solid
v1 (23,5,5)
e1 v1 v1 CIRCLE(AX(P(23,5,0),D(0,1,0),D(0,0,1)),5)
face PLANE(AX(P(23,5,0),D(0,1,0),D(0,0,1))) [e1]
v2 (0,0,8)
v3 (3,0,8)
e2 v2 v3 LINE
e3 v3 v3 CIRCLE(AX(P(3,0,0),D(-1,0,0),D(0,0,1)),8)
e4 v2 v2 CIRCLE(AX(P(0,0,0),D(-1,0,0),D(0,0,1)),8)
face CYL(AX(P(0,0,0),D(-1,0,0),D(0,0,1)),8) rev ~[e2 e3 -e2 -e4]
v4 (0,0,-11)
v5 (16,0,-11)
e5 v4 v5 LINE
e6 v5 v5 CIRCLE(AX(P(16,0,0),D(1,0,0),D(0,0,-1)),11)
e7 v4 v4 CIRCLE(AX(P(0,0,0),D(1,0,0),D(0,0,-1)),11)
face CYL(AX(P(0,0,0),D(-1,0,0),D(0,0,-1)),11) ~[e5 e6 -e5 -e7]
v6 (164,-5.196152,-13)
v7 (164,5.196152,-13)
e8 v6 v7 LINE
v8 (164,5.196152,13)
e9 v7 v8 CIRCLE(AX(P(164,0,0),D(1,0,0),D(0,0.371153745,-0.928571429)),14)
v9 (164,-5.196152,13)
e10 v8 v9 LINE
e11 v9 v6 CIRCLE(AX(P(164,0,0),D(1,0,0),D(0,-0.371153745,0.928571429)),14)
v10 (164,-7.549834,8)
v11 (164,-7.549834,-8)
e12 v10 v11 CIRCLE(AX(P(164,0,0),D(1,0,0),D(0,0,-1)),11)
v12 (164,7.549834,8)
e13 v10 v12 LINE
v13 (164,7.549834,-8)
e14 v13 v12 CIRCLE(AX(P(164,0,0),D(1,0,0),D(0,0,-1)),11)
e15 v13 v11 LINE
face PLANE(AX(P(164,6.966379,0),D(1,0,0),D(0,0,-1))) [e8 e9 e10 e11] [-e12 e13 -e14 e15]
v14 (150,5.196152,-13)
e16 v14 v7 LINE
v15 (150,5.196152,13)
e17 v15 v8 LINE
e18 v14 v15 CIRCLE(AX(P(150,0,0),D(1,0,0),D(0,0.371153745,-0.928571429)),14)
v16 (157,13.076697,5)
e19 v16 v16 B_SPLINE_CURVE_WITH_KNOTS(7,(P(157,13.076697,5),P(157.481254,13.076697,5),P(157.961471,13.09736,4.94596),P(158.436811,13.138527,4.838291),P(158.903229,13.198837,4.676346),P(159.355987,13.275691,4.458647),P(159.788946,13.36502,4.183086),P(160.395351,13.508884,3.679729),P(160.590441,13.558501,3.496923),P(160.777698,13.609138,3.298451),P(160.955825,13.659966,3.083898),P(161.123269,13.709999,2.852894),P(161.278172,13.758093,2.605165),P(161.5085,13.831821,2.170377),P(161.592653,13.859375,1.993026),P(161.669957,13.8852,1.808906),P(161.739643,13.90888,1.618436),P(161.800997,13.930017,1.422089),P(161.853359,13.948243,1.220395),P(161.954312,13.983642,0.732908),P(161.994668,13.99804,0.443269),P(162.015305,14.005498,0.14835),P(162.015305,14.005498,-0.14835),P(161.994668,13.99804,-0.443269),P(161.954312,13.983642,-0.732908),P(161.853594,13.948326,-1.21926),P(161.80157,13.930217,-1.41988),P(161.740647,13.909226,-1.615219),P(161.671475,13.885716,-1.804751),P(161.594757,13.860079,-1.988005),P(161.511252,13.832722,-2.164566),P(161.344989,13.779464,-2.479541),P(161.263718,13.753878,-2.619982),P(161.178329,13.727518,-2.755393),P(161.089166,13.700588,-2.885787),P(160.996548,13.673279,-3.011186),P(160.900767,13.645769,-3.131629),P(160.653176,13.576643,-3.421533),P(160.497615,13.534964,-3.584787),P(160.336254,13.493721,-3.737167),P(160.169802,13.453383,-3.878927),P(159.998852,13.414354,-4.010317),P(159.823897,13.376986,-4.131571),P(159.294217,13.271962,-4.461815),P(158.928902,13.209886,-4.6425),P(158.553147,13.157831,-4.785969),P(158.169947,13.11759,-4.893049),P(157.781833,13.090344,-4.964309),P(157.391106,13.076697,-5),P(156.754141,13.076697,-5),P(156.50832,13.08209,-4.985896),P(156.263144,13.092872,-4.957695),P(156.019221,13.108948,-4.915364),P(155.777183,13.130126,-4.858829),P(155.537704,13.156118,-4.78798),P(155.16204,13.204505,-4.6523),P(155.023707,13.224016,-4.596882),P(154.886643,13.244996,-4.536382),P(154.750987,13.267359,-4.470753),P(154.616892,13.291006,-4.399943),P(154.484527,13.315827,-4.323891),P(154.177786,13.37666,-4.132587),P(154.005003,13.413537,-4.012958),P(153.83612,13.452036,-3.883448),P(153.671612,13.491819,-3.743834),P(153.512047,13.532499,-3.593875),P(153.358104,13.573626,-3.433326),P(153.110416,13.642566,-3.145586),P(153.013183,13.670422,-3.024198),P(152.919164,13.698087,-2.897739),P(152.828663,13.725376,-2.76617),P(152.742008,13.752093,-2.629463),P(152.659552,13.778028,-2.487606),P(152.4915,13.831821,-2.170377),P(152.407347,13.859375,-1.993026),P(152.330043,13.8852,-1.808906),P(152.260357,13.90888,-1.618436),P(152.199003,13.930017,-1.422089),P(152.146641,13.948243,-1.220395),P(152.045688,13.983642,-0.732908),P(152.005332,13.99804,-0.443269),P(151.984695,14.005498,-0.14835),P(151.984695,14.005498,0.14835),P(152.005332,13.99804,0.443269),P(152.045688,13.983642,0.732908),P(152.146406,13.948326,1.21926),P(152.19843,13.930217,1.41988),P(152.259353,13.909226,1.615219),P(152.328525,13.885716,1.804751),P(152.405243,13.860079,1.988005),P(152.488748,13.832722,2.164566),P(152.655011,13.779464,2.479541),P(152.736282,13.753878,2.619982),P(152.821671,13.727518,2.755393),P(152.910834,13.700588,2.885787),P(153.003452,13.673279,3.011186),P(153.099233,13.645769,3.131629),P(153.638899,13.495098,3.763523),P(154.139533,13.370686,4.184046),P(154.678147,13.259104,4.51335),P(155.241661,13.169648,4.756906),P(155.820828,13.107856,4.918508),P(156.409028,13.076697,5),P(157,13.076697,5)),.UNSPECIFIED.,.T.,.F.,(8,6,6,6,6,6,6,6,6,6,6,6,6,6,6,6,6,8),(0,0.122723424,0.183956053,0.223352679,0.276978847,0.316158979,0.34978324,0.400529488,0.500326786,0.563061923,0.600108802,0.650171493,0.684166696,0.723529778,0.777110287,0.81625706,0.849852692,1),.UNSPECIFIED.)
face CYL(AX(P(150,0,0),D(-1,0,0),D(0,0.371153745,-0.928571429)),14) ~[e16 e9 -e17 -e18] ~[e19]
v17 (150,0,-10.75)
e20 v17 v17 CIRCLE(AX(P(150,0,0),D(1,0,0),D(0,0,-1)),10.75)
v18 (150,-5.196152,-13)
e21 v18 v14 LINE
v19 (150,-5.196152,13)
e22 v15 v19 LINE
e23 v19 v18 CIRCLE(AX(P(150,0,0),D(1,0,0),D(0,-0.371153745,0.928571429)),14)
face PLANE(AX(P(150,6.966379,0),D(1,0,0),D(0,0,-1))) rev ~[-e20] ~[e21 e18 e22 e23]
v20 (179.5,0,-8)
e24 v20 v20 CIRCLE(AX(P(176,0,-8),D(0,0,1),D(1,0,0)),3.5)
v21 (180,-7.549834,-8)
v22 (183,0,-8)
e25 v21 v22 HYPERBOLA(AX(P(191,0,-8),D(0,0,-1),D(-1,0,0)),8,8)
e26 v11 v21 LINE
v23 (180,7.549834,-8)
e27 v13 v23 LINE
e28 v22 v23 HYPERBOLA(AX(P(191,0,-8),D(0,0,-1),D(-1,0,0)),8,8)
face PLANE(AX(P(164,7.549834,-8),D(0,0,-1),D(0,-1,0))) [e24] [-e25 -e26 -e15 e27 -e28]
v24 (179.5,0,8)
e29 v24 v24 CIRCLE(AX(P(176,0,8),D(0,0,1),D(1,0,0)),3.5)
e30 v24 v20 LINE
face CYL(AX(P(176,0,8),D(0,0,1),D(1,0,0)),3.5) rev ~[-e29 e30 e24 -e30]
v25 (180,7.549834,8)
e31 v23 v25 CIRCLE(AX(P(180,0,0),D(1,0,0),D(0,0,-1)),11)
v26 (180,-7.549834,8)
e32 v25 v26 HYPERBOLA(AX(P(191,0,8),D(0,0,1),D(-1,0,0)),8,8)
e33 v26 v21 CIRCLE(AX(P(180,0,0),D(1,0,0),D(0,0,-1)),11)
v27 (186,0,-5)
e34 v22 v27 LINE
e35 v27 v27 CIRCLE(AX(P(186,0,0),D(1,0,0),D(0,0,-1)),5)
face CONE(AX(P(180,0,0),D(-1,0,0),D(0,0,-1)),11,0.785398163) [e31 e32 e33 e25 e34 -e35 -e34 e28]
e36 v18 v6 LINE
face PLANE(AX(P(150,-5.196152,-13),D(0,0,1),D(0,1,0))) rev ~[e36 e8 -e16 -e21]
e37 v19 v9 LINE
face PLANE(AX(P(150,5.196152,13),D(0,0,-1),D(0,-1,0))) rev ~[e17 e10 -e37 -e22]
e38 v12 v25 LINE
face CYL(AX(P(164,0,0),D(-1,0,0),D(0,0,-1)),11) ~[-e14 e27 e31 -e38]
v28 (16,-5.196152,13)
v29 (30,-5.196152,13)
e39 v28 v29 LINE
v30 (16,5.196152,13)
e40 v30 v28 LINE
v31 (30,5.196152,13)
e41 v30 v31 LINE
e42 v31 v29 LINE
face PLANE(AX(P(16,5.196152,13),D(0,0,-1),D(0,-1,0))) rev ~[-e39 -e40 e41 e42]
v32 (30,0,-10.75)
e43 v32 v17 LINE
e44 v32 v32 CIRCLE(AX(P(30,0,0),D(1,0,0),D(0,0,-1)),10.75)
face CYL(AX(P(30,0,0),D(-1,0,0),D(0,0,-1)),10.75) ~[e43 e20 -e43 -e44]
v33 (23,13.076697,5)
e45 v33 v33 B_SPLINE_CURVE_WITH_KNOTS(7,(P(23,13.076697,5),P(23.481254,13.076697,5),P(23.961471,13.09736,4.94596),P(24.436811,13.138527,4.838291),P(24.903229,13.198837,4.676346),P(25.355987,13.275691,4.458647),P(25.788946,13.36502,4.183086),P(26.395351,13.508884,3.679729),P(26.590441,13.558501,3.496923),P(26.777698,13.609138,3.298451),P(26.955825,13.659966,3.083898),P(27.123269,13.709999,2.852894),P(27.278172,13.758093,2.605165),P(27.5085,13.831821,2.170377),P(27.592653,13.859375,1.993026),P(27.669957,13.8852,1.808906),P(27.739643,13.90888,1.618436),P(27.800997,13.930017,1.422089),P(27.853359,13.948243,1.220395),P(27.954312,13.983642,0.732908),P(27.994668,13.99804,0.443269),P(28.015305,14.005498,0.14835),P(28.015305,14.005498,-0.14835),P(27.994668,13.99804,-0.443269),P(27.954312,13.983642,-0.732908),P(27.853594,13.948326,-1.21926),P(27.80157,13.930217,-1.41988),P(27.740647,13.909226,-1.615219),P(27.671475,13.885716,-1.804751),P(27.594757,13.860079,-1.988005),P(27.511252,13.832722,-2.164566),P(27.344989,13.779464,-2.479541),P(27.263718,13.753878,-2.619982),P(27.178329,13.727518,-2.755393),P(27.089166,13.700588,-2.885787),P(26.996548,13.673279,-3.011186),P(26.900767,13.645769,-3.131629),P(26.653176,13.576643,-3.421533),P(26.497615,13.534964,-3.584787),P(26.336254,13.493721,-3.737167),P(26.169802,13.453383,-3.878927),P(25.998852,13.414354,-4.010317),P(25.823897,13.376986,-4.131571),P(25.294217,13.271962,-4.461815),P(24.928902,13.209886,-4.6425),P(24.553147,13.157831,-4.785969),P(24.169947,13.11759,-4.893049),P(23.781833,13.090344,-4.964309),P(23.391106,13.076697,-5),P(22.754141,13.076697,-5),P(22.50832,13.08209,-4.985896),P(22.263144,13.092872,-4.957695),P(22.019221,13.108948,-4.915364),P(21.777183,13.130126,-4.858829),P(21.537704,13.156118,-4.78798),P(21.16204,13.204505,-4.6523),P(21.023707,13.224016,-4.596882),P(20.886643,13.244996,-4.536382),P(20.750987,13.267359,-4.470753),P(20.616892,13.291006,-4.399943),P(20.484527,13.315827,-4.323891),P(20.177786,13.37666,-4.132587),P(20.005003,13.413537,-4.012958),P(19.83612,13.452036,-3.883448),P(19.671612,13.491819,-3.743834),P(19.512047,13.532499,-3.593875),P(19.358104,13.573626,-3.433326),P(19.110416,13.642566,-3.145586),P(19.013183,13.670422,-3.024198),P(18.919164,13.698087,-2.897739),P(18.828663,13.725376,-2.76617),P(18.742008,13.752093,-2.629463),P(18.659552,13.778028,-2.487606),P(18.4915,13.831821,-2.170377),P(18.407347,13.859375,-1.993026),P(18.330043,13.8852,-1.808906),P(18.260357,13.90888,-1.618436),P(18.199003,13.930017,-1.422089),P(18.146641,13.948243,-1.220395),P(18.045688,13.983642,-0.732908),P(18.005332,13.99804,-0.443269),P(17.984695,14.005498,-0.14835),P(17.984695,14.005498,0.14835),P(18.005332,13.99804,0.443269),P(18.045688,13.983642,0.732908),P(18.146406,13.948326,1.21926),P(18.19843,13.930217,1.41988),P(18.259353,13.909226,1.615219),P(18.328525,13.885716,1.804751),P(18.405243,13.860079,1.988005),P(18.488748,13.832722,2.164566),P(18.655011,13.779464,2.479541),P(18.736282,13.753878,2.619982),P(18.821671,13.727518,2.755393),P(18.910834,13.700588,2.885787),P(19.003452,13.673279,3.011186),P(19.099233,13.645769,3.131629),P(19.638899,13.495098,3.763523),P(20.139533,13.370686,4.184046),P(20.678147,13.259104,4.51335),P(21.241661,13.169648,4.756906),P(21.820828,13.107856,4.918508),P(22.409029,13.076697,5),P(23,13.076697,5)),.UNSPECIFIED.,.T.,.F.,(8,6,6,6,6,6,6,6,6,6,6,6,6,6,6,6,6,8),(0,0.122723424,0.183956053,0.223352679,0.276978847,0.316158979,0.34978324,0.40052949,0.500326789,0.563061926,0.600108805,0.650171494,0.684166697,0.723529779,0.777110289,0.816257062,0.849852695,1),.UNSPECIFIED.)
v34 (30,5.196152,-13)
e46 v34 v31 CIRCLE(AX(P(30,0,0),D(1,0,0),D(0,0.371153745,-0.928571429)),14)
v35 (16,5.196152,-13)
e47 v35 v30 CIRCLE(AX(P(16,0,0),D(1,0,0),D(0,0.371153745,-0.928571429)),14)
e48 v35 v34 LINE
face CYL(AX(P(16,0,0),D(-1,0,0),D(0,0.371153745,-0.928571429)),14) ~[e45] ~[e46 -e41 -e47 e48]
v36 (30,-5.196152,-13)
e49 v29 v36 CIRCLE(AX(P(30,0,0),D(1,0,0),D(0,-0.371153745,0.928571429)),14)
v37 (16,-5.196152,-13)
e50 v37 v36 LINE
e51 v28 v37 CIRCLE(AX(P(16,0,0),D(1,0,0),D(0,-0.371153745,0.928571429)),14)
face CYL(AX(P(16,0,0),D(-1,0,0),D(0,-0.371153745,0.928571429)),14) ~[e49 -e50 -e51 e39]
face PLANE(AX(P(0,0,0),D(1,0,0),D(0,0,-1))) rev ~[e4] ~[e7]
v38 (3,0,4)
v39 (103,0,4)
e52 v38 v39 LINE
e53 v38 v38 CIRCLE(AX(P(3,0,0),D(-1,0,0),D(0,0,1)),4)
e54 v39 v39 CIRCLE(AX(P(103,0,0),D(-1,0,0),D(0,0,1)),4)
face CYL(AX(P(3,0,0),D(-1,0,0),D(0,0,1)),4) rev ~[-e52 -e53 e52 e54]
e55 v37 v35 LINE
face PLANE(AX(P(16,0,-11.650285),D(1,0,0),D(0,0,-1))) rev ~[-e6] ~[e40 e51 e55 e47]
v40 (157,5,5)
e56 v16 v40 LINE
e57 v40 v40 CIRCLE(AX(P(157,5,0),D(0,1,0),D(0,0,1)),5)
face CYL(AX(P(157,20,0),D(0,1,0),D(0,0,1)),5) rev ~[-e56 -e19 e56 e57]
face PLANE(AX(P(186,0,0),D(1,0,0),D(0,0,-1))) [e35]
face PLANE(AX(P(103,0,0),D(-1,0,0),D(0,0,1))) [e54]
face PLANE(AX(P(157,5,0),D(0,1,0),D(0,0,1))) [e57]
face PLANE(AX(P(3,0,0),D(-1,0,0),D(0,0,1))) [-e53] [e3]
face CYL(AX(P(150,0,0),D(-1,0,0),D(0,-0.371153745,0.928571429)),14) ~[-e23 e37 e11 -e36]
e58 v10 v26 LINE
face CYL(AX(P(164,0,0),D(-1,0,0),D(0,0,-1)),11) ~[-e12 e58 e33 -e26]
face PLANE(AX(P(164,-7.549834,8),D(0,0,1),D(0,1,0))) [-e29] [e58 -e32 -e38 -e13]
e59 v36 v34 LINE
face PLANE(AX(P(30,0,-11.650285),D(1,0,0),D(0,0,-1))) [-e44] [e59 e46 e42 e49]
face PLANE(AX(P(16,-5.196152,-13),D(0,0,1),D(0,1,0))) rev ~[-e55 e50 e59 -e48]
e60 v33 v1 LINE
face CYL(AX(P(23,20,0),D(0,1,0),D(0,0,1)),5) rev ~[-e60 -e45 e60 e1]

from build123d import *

# Parameters (mm, degrees)
SKETCH_2_R          = 11
EXTRUDE_1_DEPTH     = 16
EXTRUDE_2_DEPTH     = 14
SKETCH_5_R          = 10.75
EXTRUDE_3_DEPTH     = 120
EXTRUDE_4_DEPTH     = 14
SKETCH_7_R          = 8
CUT_EXTRUDE_1_DEPTH = 3
SKETCH_8_R          = 4
CUT_EXTRUDE_2_DEPTH = 100
SKETCH_9_R          = 5
CUT_EXTRUDE_3_DEPTH = 15
SKETCH_10_R         = 11
EXTRUDE_5_DEPTH     = 22
CHAMFER_1_SIZE      = 6
CUT_EXTRUDE_START   = -22
CUT_EXTRUDE_4_DEPTH = 22
SKETCH_12_R         = 3.5
CUT_EXTRUDE_5_DEPTH = 188.704555105


with BuildPart() as part:
    # ｽｹｯﾁ2 → ﾎﾞｽ - 押し出し1 (new body)
    with BuildSketch(Plane(origin=(0, 0, 0), x_dir=(0, 0, -1), z_dir=(1, 0, 0))):
        Circle(SKETCH_2_R)
    extrude(amount=EXTRUDE_1_DEPTH)

    # ｽｹｯﾁ4 → ﾎﾞｽ - 押し出し2 (add)
    with BuildSketch(Plane(origin=(16, 0, 0), x_dir=(0, 0, -1), z_dir=(1, 0, 0))):
        with BuildLine():
            Line((13, -5.196152423), (13, 5.196152423))
            Line((13, 5.196152423), (9.695359715, 5.196152423))
            ThreePointArc((9.695359715, 5.196152423), (10.668855535, 2.678716403), (11, 0))
            ThreePointArc((11, 0), (10.668855535, -2.678716403), (9.695359715, -5.196152423))
            Line((9.695359715, -5.196152423), (13, -5.196152423))
        make_face()
        with BuildLine():
            Line((9.695359715, 5.196152423), (-9.695359715, 5.196152423))
            ThreePointArc((-9.695359715, 5.196152423), (-11, 0), (-9.695359715, -5.196152423))
            Line((-9.695359715, -5.196152423), (9.695359715, -5.196152423))
            ThreePointArc((9.695359715, -5.196152423), (10.668855535, -2.678716403), (11, 0))
            ThreePointArc((11, 0), (10.668855535, 2.678716403), (9.695359715, 5.196152423))
        make_face()
        with BuildLine():
            Line((-9.695359715, 5.196152423), (-13, 5.196152423))
            Line((-13, 5.196152423), (-13, -5.196152423))
            Line((-13, -5.196152423), (-9.695359715, -5.196152423))
            ThreePointArc((-9.695359715, -5.196152423), (-11, 0), (-9.695359715, 5.196152423))
        make_face()
        with BuildLine():
            ThreePointArc((13, 5.196152423), (0, 14), (-13, 5.196152423))
            Line((-13, 5.196152423), (-9.695359715, 5.196152423))
            ThreePointArc((-9.695359715, 5.196152423), (0, 11), (9.695359715, 5.196152423))
            Line((9.695359715, 5.196152423), (13, 5.196152423))
        make_face()
        with BuildLine():
            ThreePointArc((9.695359715, 5.196152423), (0, 11), (-9.695359715, 5.196152423))
            Line((-9.695359715, 5.196152423), (9.695359715, 5.196152423))
        make_face()
        with BuildLine():
            Line((9.695359715, -5.196152423), (-9.695359715, -5.196152423))
            ThreePointArc((-9.695359715, -5.196152423), (0, -11), (9.695359715, -5.196152423))
        make_face()
        with BuildLine():
            Line((-9.695359715, -5.196152423), (-13, -5.196152423))
            ThreePointArc((-13, -5.196152423), (0, -14), (13, -5.196152423))
            Line((13, -5.196152423), (9.695359715, -5.196152423))
            ThreePointArc((9.695359715, -5.196152423), (0, -11), (-9.695359715, -5.196152423))
        make_face()
    extrude(amount=EXTRUDE_2_DEPTH)

    # ｽｹｯﾁ5 → ﾎﾞｽ - 押し出し3 (add)
    with BuildSketch(Plane(origin=(30, 0, 0), x_dir=(0, 0, -1), z_dir=(1, 0, 0))):
        Circle(SKETCH_5_R)
    extrude(amount=EXTRUDE_3_DEPTH)

    # ｽｹｯﾁ6 → ﾎﾞｽ - 押し出し4 (add)
    with BuildSketch(Plane(origin=(150, 0, 0), x_dir=(0, 0, -1), z_dir=(1, 0, 0))):
        with BuildLine():
            ThreePointArc((9.410765112, 5.196152423), (0, 10.75), (-9.410765112, 5.196152423))
            Line((-9.410765112, 5.196152423), (9.410765112, 5.196152423))
        make_face()
        with BuildLine():
            ThreePointArc((13, 5.196152423), (0, 14), (-13, 5.196152423))
            Line((-13, 5.196152423), (-9.410765112, 5.196152423))
            ThreePointArc((-9.410765112, 5.196152423), (0, 10.75), (9.410765112, 5.196152423))
            Line((9.410765112, 5.196152423), (13, 5.196152423))
        make_face()
        with BuildLine():
            ThreePointArc((-9.410765112, 5.196152423), (-10.75, 0), (-9.410765112, -5.196152423))
            Line((-9.410765112, -5.196152423), (9.410765112, -5.196152423))
            ThreePointArc((9.410765112, -5.196152423), (10.409808475, -2.682981088), (10.75, 0))
            ThreePointArc((10.75, 0), (10.409808475, 2.682981088), (9.410765112, 5.196152423))
            Line((9.410765112, 5.196152423), (-9.410765112, 5.196152423))
        make_face()
        with BuildLine():
            Line((9.410765112, -5.196152423), (13, -5.196152423))
            Line((13, -5.196152423), (13, 5.196152423))
            Line((13, 5.196152423), (9.410765112, 5.196152423))
            ThreePointArc((9.410765112, 5.196152423), (10.409808475, 2.682981088), (10.75, 0))
            ThreePointArc((10.75, 0), (10.409808475, -2.682981088), (9.410765112, -5.196152423))
        make_face()
        with BuildLine():
            Line((-13, 5.196152423), (-13, -5.196152423))
            Line((-13, -5.196152423), (-9.410765112, -5.196152423))
            ThreePointArc((-9.410765112, -5.196152423), (-10.75, 0), (-9.410765112, 5.196152423))
            Line((-9.410765112, 5.196152423), (-13, 5.196152423))
        make_face()
        with BuildLine():
            Line((9.410765112, -5.196152423), (-9.410765112, -5.196152423))
            ThreePointArc((-9.410765112, -5.196152423), (0, -10.75), (9.410765112, -5.196152423))
        make_face()
        with BuildLine():
            Line((-9.410765112, -5.196152423), (-13, -5.196152423))
            ThreePointArc((-13, -5.196152423), (0, -14), (13, -5.196152423))
            Line((13, -5.196152423), (9.410765112, -5.196152423))
            ThreePointArc((9.410765112, -5.196152423), (0, -10.75), (-9.410765112, -5.196152423))
        make_face()
    extrude(amount=EXTRUDE_4_DEPTH)

    # ｽｹｯﾁ7 → ｶｯﾄ - 押し出し1 (cut)
    with BuildSketch(Plane.ZY):
        Circle(SKETCH_7_R)
    extrude(amount=-CUT_EXTRUDE_1_DEPTH, mode=Mode.SUBTRACT)

    # ｽｹｯﾁ8 → ｶｯﾄ - 押し出し2 (cut)
    with BuildSketch(Plane.ZY.offset(-3)):
        Circle(SKETCH_8_R)
    extrude(amount=-CUT_EXTRUDE_2_DEPTH, mode=Mode.SUBTRACT)

    # ｽｹｯﾁ9 → ｶｯﾄ - 押し出し3 (cut)
    with BuildSketch(Plane(origin=(0, 20, 0), x_dir=(1, 0, 0), z_dir=(0, 1, 0))):
        with Locations(Location((23, 0, 0), (0, 0, 270))):
            Circle(SKETCH_9_R)
        with Locations(Location((157, 0, 0), (0, 0, 270))):
            Circle(SKETCH_9_R)
    extrude(amount=-CUT_EXTRUDE_3_DEPTH, mode=Mode.SUBTRACT)

    # ｽｹｯﾁ10 → ﾎﾞｽ - 押し出し5 (add)
    with BuildSketch(Plane(origin=(164, 0, 0), x_dir=(0, 0, -1), z_dir=(1, 0, 0))):
        Circle(SKETCH_10_R)
    extrude(amount=EXTRUDE_5_DEPTH)

    # 面取り1
    chamfer_1_edges = [part.edges().sort_by_distance(p)[0] for p in [
        (186, 0, 11),
    ]]
    chamfer(chamfer_1_edges, length=CHAMFER_1_SIZE)

    # ｽｹｯﾁ11 → ｶｯﾄ - 押し出し4 (cut)
    with BuildSketch(Plane(origin=(186, 0, 0), x_dir=(0, 0, -1), z_dir=(1, 0, 0)).offset(CUT_EXTRUDE_START)):
        with BuildLine():
            ThreePointArc((-8, 7.549834435), (-11, 0), (-8, -7.549834435))
            Line((-8, -7.549834435), (-8, 7.549834435))
        make_face()
        with BuildLine():
            Line((8, 7.549834435), (8, -7.549834435))
            ThreePointArc((8, -7.549834435), (10.22252415, -4.062019202), (11, 0))
            ThreePointArc((11, 0), (10.22252415, 4.062019202), (8, 7.549834435))
        make_face()
    extrude(amount=CUT_EXTRUDE_4_DEPTH, mode=Mode.SUBTRACT)

    # ｽｹｯﾁ12 → ｶｯﾄ - 押し出し5 (cut, through all)
    with BuildSketch(Plane.XY.offset(8)):
        with Locations((176, 0)):
            Circle(SKETCH_12_R)
    extrude(amount=-CUT_EXTRUDE_5_DEPTH, mode=Mode.SUBTRACT)


solid = part.part
